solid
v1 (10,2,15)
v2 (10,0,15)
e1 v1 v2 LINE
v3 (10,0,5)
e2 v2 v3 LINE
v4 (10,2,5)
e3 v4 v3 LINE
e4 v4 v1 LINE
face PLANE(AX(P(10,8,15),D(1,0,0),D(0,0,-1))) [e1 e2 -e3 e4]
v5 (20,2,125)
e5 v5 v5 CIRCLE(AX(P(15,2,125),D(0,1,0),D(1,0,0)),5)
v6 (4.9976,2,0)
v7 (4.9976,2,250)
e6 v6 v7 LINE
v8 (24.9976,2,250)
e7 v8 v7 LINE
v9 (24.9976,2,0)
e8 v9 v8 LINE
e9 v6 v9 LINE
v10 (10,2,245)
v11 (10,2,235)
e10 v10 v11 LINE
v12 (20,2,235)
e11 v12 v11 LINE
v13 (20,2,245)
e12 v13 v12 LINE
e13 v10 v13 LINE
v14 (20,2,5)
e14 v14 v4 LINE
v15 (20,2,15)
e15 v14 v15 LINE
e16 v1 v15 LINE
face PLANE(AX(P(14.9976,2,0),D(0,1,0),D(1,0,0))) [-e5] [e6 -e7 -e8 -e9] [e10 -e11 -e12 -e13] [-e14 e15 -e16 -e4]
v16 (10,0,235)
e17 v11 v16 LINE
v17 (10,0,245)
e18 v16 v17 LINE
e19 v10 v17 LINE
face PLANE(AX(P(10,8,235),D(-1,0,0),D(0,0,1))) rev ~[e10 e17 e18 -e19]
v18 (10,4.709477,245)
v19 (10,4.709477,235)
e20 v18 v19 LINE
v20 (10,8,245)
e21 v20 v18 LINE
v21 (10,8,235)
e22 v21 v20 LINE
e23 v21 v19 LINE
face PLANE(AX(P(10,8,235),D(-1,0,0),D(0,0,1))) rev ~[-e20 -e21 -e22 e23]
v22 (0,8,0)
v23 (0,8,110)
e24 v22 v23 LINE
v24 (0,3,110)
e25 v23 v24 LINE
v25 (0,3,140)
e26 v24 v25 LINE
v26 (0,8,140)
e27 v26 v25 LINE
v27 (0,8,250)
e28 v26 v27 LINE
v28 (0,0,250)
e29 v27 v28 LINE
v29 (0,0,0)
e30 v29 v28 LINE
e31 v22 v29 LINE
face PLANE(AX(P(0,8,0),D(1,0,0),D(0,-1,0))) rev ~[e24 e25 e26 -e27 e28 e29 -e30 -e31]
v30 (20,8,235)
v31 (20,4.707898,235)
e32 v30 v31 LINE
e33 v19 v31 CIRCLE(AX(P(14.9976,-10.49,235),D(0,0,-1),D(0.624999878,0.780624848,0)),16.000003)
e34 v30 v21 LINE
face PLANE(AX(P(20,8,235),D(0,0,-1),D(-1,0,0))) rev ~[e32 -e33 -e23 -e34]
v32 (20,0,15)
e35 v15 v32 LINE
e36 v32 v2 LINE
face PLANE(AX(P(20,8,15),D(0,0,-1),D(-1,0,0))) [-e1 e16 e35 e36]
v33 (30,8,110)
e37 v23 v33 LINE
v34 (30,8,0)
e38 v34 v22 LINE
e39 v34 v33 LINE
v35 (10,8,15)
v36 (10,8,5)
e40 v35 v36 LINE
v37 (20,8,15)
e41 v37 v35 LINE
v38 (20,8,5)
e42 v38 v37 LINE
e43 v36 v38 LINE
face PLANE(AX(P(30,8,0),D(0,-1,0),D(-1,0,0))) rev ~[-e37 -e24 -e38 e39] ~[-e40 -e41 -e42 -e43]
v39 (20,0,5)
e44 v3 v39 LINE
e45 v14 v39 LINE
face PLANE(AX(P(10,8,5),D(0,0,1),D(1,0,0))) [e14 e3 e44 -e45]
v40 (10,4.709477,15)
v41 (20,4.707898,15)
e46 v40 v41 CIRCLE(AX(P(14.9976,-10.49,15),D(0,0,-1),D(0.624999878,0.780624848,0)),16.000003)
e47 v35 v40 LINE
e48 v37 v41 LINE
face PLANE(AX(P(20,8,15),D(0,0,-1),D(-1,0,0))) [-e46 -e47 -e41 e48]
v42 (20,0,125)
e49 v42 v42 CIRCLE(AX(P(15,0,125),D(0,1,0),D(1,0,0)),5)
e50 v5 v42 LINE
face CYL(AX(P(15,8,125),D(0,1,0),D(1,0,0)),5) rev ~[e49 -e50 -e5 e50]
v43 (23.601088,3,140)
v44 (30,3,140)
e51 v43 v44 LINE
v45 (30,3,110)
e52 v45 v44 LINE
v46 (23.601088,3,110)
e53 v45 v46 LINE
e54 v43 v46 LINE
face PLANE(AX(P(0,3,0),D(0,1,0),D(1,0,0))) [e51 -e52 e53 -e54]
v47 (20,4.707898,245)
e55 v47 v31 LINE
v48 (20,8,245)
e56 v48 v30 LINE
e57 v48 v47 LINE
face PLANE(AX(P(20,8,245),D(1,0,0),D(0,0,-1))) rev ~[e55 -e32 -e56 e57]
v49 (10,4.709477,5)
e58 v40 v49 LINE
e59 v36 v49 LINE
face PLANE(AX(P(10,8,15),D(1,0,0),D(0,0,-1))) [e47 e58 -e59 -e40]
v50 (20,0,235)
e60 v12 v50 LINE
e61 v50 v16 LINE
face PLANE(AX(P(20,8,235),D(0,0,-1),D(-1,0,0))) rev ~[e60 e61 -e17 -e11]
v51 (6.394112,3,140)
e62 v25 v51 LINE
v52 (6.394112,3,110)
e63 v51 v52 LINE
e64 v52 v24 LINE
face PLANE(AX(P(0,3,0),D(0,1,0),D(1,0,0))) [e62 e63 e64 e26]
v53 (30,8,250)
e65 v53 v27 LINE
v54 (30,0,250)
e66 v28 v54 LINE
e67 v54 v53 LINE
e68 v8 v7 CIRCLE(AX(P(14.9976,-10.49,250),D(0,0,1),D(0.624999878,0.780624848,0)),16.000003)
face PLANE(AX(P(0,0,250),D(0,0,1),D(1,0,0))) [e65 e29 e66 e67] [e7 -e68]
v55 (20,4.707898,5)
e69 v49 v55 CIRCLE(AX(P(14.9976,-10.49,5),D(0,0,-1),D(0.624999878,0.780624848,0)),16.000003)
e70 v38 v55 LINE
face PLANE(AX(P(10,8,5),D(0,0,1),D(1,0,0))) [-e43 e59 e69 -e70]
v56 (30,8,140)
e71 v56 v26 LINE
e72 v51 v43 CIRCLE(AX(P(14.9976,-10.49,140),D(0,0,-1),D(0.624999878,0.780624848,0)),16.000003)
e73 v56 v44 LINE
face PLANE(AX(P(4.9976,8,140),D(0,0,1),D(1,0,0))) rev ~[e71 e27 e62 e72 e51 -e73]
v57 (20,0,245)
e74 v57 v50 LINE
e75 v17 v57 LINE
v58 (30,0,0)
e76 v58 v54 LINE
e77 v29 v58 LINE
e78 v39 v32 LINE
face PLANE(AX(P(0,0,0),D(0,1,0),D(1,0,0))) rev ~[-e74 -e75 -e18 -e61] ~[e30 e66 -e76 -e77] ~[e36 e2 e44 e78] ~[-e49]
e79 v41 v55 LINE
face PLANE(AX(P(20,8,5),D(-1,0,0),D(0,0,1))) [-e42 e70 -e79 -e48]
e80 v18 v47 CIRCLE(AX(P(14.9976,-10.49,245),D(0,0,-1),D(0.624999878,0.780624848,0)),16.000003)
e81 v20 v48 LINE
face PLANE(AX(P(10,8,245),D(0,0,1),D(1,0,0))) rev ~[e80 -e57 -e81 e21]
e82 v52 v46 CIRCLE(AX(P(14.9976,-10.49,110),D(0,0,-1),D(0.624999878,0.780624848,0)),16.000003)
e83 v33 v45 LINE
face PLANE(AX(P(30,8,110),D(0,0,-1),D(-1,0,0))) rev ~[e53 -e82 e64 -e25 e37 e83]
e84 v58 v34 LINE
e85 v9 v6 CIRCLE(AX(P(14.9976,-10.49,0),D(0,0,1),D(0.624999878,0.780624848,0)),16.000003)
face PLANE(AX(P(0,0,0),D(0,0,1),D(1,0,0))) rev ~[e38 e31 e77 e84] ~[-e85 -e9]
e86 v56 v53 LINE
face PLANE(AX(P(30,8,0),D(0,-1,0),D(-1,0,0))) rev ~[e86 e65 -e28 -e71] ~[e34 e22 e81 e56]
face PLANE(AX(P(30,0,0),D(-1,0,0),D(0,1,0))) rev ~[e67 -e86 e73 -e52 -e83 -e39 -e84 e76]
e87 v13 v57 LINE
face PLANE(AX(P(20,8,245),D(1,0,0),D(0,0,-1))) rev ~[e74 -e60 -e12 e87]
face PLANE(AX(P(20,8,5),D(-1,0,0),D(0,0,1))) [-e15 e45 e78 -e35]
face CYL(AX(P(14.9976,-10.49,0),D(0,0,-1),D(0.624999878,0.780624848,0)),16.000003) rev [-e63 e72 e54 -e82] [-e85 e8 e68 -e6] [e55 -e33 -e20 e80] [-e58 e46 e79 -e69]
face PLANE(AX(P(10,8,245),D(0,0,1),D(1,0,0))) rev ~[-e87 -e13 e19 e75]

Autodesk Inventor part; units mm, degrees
ref_plane "YZ Plane" through (0, 0, 0) normal (1, 0, 0) x (0, 1, 0)
ref_plane "XZ Plane" through (0, 0, 0) normal (0, 1, 0) x (-1, 0, 0)
ref_plane "XY Plane" through (0, 0, 0) normal (0, 0, 1) x (1, 0, 0)
sketch "Sketch1" plane through (0, 0, 0) normal (0, 0, 1) x (1, 0, 0)
  line L0 (0, 0) -> (30, 0)
  line L1 (30, 0) -> (30, 8)
  line L2 (30, 8) -> (0, 8)
  line L3 (0, 8) -> (0, 0)
  line L4 (14.9976, 2) -> (24.9976, 2)
  line L5 (14.9976, 2) -> (4.9976, 2)
  arc A0 (24.9976, 2) -> (4.9976, 2) centre (14.9976, -10.49) ccw
  dimension "d2" = 30
  dimension "d3" = 8
  dimension "d6" = 10
  dimension "d7" = 10
  dimension "d8" = 2
  dimension "d9" = 16
extrude "Extrusion1" add sketch "Sketch1" along normal blind 250
sketch "Sketch2" plane through (0, 8, 0) normal (0, 1, 0) x (1, 0, 0)
  line L0 (30, 0) -> (0, 0) projected
  line L1 (30, 0) -> (30, -250) projected
  circle A0 centre (15, -125) radius 5
  line L2 (30, -250) -> (0, -250) projected
  line L3 (10, -15) -> (10, -5)
  line L4 (10, -5) -> (20, -5)
  line L5 (20, -5) -> (20, -15)
  line L6 (20, -15) -> (10, -15)
  line L7 (10, -15) -> (20, -5) construction
  line L8 (10, -5) -> (20, -15) construction
  line L9 (0, 0) -> (0, -250) projected
  line L10 (10, -235) -> (10, -245)
  line L11 (10, -245) -> (20, -245)
  line L12 (20, -245) -> (20, -235)
  line L13 (20, -235) -> (10, -235)
  line L14 (10, -235) -> (20, -245) construction
  line L15 (10, -245) -> (20, -235) construction
  point P0 (15, 0)
  point P1 (30, -125)
  point P2 (15, -5)
  point P3 (15, -10)
  point P4 (15, -240)
  point P5 (15, -245)
  dimension "d13" = 10
  dimension "d14" = 120
  dimension "d16" = 0
  dimension "d17" = 125
  dimension "d19" = 5
  dimension "d20" = 10
  dimension "d21" = 10
  dimension "d22" = 5
  dimension "d23" = 10
  dimension "d24" = 5
  dimension "d25" = 5
  dimension "d26" = 10
extrude "Extrusion2" cut sketch "Sketch2" against normal up to surface (8 mm away) from surface at 0 contours A0 | L3 L4 L5 L6 | L13 L12 L11 L10
sketch "Sketch3" plane through (0, 8, 0) normal (0, 1, 0) x (1, 0, 0)
  line L0 (30, 0) -> (30, -250) projected
  line L1 (30, 0) -> (0, 0) projected
  line L2 (0, -140) -> (30, -140)
  line L3 (30, -140) -> (30, -110)
  line L4 (30, -110) -> (0, -110)
  line L5 (0, -110) -> (0, -140)
  line L6 (0, -140) -> (30, -110) construction
  line L7 (30, -140) -> (0, -110) construction
  line L8 (4.9976, 0) -> (4.9976, -250) projected
  point P0 (30, -125)
  point P1 (15, 0)
  point P2 (15, -125)
  dimension "d29" = 15
  dimension "d30" = 125
  dimension "d31" = 30
  dimension "d32" = 30
extrude "Extrusion3" cut sketch "Sketch3" against normal blind 5 contours L0 L2 L8 L4 | L8 L2 L5 L4
properties part number "bridge1"
